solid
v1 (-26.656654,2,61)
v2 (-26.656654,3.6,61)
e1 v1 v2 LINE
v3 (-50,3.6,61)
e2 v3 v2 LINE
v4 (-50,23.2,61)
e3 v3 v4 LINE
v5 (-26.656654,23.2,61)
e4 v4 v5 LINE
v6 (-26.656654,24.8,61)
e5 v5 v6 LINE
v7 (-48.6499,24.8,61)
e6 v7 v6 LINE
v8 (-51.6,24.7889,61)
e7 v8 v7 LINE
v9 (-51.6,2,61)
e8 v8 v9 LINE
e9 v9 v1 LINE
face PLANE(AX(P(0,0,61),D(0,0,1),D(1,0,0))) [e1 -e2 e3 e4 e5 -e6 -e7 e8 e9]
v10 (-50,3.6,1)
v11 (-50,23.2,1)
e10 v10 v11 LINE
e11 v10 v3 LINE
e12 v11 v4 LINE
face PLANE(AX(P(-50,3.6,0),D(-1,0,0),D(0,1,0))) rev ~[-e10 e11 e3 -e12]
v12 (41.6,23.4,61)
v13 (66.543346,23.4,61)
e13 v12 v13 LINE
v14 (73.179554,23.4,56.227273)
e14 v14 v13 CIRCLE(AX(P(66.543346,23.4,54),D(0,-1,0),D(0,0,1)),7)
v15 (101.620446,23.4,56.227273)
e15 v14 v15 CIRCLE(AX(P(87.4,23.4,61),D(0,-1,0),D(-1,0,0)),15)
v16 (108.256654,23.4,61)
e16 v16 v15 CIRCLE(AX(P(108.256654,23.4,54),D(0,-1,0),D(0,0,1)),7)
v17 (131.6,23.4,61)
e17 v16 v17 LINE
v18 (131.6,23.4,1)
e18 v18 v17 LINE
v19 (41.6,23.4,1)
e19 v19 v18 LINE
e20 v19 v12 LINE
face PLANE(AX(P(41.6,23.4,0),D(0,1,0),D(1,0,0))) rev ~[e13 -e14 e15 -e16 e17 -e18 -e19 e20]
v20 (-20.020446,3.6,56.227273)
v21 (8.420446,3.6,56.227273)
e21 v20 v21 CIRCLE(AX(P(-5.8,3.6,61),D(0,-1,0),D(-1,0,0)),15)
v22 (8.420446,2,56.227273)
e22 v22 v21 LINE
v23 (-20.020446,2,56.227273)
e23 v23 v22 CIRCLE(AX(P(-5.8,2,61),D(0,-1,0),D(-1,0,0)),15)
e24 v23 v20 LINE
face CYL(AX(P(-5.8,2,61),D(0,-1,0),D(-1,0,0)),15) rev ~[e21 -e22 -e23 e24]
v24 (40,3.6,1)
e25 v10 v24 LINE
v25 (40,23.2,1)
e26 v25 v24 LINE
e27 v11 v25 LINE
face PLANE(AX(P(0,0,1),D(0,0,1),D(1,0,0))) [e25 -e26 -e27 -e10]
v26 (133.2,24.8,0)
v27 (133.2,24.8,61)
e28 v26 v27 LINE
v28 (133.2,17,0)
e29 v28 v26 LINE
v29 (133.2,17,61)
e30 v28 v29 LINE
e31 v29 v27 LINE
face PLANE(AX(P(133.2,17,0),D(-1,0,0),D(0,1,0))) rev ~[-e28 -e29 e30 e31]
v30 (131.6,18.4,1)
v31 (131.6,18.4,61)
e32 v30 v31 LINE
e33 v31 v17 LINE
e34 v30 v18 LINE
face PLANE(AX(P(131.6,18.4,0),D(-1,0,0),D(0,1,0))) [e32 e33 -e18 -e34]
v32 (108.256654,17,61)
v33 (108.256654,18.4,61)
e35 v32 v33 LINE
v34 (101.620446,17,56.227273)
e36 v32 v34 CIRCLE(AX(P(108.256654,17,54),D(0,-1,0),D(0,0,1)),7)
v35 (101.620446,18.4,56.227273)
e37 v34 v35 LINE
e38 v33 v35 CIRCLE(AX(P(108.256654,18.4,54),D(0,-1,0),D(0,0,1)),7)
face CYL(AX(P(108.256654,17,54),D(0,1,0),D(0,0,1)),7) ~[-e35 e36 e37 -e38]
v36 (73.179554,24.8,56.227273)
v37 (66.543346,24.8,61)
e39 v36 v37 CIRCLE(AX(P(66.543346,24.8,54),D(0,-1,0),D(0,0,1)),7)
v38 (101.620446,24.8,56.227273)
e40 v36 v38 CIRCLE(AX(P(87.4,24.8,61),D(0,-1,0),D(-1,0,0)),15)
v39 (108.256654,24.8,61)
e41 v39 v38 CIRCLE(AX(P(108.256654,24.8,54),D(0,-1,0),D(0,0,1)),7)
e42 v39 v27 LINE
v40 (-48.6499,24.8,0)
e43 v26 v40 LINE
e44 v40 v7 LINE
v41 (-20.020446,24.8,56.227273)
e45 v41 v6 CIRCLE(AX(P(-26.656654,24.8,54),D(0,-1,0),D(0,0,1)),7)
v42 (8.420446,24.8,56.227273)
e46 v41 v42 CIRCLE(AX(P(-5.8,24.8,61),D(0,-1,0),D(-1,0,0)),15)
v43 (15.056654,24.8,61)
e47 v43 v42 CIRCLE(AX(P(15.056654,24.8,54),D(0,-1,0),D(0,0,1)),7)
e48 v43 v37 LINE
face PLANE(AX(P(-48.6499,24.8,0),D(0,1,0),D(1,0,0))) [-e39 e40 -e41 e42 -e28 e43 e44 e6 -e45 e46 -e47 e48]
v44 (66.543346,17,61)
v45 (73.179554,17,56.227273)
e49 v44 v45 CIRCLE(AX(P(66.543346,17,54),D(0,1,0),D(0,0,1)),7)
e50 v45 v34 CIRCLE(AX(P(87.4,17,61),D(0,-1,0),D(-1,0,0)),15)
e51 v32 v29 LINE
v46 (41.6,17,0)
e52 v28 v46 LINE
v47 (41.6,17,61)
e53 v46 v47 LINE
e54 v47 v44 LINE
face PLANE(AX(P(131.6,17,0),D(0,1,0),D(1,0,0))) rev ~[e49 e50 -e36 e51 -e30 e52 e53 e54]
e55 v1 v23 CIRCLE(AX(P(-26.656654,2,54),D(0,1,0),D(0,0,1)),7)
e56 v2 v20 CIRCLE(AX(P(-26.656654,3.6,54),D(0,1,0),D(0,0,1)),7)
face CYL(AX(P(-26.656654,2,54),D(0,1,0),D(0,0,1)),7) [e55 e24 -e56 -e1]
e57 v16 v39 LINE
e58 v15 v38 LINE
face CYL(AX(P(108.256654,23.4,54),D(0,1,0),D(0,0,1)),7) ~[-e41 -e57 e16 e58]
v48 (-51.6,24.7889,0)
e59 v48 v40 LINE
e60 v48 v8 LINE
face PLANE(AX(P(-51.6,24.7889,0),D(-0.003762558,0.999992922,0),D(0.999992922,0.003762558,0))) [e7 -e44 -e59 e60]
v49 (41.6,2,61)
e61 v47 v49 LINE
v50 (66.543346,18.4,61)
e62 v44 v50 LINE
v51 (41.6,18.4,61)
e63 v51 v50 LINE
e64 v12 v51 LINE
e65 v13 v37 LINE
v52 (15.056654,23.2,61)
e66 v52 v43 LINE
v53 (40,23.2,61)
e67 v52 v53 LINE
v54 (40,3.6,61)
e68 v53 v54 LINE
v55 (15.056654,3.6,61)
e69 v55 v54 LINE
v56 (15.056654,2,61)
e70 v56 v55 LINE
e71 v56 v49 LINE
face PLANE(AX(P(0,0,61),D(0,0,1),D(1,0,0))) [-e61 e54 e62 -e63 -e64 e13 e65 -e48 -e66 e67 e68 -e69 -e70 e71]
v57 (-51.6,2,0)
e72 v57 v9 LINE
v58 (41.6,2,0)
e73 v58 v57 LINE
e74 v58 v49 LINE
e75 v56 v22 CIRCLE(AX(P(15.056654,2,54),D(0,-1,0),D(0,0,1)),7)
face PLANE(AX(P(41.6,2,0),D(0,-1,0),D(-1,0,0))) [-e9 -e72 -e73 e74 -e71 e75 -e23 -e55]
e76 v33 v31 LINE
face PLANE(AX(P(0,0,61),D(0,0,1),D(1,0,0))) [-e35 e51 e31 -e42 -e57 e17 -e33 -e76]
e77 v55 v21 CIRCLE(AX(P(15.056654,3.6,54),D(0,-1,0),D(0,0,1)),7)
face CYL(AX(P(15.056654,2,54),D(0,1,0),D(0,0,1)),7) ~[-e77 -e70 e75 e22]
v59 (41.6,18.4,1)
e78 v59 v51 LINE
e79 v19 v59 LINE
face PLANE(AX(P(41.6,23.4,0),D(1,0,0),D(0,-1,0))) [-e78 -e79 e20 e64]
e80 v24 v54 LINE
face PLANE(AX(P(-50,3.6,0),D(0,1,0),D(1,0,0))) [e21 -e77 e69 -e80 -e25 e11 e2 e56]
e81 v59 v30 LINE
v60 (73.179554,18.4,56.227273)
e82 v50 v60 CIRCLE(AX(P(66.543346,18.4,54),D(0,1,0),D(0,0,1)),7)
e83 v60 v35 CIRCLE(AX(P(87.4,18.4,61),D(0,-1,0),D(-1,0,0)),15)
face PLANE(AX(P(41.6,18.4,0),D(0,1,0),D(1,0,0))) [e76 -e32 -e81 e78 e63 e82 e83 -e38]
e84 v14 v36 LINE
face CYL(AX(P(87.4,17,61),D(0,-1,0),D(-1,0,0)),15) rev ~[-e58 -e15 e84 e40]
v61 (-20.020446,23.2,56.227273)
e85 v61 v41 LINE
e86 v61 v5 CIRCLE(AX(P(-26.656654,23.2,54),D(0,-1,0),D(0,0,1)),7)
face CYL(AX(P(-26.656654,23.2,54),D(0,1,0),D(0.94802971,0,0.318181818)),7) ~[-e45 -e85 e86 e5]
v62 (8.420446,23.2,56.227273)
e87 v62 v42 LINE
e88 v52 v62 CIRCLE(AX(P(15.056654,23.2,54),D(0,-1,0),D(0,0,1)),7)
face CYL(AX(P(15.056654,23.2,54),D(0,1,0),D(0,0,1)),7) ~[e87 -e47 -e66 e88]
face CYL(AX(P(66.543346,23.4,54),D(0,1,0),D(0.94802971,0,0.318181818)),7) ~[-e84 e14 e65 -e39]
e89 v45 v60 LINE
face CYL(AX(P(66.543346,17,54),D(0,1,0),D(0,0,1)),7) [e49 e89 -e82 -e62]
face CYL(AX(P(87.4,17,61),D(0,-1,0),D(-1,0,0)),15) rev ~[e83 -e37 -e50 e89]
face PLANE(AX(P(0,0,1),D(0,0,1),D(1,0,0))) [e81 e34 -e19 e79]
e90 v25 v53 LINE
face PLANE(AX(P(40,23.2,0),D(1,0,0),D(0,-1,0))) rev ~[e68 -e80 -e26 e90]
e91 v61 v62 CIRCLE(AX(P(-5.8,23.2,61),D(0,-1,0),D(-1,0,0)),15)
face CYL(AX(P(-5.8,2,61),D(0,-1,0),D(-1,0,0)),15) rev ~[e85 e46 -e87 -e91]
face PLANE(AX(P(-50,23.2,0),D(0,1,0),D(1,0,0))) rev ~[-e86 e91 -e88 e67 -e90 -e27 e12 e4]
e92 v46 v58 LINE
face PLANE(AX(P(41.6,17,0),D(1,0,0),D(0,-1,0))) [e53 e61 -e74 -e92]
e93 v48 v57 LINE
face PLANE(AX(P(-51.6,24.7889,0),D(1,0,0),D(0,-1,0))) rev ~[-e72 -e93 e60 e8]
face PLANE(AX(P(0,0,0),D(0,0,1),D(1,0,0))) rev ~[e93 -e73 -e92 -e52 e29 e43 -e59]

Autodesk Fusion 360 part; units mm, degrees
sketch "Sketch1" plane through (0, 0, 0) normal (0, 0, 1) x (1, 0, 0)
  line L0 (-48.6499, 24.8) -> (41.3501, 24.8)
  line L1 (40, 23.2) -> (40, 3.6)
  line L2 (40, 2) -> (-51.6764, 2)
  line L3 (-50, 3.6) -> (-50, 23.2)
  line L4 (-51.6, 24.7889) -> (-51.6, 2)
  line L5 (-51.6, 2) -> (-51.6764, 2)
  line L6 (-51.6, 24.7889) -> (-48.6499, 24.8)
  line L7 (41.3501, 24.8) -> (41.6, 24.8)
  line L8 (41.6, 2) -> (40, 2)
  line L9 (-50, 23.2) -> (40, 23.2)
  line L10 (-50, 3.6) -> (40, 3.6)
  line L11 (41.6, 17) -> (131.6, 17)
  line L12 (41.6, 18.4) -> (131.6, 18.4)
  line L13 (41.6, 24.8) -> (131.6, 24.8)
  line L14 (41.6, 23.4) -> (131.6, 23.4)
  line L15 (131.6, 18.4) -> (131.6, 23.4)
  line L16 (131.6, 24.8) -> (133.2, 24.8)
  line L17 (131.6, 17) -> (133.2, 17)
  line L18 (133.2, 17) -> (133.2, 24.8)
  line L19 (41.6, 23.4) -> (41.6, 18.4)
  line L20 (41.6, 17) -> (41.6, 2)
  dimension "d1" = 90
  dimension "d2" = 23
  dimension "d3" = 1.6
  dimension "d4" = 1.6
  dimension "d5" = 1.6
  dimension "d6" = 1.6
  dimension "d7" = 90
  dimension "d8" = 15
  dimension "d9" = 90
  dimension "d10" = 1.4
  dimension "d11" = 90
  dimension "d12" = 90
  dimension "d13" = 90
  dimension "d14" = 1.4
  dimension "d15" = 1.6
  dimension "d16" = 1.6
extrude "Extrude1" add sketch "Sketch1" along normal blind 61
extrude "Extrude2" add sketch "Sketch1" along normal blind 1 contours L1 L3 L9 L10 | L12 L14 L15 L19
sketch "Sketch2" plane through (0, 2, 0) normal (0, -1, 0) x (1, 0, 0)
  line L0 (-51.6, 0) -> (40, 0)
  line L1 (40, 0) -> (40, 61)
  line L2 (40, 61) -> (-51.6, 61)
  line L3 (-51.6, 61) -> (-51.6, 0)
  arc A0 (-20.8, 61) -> (9.2, 61) centre (-5.8, 61) ccw
  dimension "d21" = 30
sketch "Sketch3" plane through (0, 17, 0) normal (0, -1, 0) x (1, 0, 0)
  line L0 (41.6, 0) -> (133.2, 0)
  line L1 (133.2, 0) -> (133.2, 61)
  line L2 (133.2, 61) -> (41.6, 61)
  line L3 (41.6, 61) -> (41.6, 0)
  arc A0 (72.4, 61) -> (102.4, 61) centre (87.4, 61) ccw
  dimension "d22" = 30
extrude "Extrude3" cut sketch "Sketch2" against normal blind 41 contours L2 A0
extrude "Extrude4" cut sketch "Sketch3" against normal blind 28 contours L2 A0
fillet "Fillet1" radius 7 8 edges at (-20.8, 24, 61) (-20.8, 2.8, 61) (9.2, 2.8, 61) (9.2, 24, 61) (72.4, 24.1, 61) (72.4, 17.7, 61) (102.4, 17.7, 61) (102.4, 24.1, 61)
